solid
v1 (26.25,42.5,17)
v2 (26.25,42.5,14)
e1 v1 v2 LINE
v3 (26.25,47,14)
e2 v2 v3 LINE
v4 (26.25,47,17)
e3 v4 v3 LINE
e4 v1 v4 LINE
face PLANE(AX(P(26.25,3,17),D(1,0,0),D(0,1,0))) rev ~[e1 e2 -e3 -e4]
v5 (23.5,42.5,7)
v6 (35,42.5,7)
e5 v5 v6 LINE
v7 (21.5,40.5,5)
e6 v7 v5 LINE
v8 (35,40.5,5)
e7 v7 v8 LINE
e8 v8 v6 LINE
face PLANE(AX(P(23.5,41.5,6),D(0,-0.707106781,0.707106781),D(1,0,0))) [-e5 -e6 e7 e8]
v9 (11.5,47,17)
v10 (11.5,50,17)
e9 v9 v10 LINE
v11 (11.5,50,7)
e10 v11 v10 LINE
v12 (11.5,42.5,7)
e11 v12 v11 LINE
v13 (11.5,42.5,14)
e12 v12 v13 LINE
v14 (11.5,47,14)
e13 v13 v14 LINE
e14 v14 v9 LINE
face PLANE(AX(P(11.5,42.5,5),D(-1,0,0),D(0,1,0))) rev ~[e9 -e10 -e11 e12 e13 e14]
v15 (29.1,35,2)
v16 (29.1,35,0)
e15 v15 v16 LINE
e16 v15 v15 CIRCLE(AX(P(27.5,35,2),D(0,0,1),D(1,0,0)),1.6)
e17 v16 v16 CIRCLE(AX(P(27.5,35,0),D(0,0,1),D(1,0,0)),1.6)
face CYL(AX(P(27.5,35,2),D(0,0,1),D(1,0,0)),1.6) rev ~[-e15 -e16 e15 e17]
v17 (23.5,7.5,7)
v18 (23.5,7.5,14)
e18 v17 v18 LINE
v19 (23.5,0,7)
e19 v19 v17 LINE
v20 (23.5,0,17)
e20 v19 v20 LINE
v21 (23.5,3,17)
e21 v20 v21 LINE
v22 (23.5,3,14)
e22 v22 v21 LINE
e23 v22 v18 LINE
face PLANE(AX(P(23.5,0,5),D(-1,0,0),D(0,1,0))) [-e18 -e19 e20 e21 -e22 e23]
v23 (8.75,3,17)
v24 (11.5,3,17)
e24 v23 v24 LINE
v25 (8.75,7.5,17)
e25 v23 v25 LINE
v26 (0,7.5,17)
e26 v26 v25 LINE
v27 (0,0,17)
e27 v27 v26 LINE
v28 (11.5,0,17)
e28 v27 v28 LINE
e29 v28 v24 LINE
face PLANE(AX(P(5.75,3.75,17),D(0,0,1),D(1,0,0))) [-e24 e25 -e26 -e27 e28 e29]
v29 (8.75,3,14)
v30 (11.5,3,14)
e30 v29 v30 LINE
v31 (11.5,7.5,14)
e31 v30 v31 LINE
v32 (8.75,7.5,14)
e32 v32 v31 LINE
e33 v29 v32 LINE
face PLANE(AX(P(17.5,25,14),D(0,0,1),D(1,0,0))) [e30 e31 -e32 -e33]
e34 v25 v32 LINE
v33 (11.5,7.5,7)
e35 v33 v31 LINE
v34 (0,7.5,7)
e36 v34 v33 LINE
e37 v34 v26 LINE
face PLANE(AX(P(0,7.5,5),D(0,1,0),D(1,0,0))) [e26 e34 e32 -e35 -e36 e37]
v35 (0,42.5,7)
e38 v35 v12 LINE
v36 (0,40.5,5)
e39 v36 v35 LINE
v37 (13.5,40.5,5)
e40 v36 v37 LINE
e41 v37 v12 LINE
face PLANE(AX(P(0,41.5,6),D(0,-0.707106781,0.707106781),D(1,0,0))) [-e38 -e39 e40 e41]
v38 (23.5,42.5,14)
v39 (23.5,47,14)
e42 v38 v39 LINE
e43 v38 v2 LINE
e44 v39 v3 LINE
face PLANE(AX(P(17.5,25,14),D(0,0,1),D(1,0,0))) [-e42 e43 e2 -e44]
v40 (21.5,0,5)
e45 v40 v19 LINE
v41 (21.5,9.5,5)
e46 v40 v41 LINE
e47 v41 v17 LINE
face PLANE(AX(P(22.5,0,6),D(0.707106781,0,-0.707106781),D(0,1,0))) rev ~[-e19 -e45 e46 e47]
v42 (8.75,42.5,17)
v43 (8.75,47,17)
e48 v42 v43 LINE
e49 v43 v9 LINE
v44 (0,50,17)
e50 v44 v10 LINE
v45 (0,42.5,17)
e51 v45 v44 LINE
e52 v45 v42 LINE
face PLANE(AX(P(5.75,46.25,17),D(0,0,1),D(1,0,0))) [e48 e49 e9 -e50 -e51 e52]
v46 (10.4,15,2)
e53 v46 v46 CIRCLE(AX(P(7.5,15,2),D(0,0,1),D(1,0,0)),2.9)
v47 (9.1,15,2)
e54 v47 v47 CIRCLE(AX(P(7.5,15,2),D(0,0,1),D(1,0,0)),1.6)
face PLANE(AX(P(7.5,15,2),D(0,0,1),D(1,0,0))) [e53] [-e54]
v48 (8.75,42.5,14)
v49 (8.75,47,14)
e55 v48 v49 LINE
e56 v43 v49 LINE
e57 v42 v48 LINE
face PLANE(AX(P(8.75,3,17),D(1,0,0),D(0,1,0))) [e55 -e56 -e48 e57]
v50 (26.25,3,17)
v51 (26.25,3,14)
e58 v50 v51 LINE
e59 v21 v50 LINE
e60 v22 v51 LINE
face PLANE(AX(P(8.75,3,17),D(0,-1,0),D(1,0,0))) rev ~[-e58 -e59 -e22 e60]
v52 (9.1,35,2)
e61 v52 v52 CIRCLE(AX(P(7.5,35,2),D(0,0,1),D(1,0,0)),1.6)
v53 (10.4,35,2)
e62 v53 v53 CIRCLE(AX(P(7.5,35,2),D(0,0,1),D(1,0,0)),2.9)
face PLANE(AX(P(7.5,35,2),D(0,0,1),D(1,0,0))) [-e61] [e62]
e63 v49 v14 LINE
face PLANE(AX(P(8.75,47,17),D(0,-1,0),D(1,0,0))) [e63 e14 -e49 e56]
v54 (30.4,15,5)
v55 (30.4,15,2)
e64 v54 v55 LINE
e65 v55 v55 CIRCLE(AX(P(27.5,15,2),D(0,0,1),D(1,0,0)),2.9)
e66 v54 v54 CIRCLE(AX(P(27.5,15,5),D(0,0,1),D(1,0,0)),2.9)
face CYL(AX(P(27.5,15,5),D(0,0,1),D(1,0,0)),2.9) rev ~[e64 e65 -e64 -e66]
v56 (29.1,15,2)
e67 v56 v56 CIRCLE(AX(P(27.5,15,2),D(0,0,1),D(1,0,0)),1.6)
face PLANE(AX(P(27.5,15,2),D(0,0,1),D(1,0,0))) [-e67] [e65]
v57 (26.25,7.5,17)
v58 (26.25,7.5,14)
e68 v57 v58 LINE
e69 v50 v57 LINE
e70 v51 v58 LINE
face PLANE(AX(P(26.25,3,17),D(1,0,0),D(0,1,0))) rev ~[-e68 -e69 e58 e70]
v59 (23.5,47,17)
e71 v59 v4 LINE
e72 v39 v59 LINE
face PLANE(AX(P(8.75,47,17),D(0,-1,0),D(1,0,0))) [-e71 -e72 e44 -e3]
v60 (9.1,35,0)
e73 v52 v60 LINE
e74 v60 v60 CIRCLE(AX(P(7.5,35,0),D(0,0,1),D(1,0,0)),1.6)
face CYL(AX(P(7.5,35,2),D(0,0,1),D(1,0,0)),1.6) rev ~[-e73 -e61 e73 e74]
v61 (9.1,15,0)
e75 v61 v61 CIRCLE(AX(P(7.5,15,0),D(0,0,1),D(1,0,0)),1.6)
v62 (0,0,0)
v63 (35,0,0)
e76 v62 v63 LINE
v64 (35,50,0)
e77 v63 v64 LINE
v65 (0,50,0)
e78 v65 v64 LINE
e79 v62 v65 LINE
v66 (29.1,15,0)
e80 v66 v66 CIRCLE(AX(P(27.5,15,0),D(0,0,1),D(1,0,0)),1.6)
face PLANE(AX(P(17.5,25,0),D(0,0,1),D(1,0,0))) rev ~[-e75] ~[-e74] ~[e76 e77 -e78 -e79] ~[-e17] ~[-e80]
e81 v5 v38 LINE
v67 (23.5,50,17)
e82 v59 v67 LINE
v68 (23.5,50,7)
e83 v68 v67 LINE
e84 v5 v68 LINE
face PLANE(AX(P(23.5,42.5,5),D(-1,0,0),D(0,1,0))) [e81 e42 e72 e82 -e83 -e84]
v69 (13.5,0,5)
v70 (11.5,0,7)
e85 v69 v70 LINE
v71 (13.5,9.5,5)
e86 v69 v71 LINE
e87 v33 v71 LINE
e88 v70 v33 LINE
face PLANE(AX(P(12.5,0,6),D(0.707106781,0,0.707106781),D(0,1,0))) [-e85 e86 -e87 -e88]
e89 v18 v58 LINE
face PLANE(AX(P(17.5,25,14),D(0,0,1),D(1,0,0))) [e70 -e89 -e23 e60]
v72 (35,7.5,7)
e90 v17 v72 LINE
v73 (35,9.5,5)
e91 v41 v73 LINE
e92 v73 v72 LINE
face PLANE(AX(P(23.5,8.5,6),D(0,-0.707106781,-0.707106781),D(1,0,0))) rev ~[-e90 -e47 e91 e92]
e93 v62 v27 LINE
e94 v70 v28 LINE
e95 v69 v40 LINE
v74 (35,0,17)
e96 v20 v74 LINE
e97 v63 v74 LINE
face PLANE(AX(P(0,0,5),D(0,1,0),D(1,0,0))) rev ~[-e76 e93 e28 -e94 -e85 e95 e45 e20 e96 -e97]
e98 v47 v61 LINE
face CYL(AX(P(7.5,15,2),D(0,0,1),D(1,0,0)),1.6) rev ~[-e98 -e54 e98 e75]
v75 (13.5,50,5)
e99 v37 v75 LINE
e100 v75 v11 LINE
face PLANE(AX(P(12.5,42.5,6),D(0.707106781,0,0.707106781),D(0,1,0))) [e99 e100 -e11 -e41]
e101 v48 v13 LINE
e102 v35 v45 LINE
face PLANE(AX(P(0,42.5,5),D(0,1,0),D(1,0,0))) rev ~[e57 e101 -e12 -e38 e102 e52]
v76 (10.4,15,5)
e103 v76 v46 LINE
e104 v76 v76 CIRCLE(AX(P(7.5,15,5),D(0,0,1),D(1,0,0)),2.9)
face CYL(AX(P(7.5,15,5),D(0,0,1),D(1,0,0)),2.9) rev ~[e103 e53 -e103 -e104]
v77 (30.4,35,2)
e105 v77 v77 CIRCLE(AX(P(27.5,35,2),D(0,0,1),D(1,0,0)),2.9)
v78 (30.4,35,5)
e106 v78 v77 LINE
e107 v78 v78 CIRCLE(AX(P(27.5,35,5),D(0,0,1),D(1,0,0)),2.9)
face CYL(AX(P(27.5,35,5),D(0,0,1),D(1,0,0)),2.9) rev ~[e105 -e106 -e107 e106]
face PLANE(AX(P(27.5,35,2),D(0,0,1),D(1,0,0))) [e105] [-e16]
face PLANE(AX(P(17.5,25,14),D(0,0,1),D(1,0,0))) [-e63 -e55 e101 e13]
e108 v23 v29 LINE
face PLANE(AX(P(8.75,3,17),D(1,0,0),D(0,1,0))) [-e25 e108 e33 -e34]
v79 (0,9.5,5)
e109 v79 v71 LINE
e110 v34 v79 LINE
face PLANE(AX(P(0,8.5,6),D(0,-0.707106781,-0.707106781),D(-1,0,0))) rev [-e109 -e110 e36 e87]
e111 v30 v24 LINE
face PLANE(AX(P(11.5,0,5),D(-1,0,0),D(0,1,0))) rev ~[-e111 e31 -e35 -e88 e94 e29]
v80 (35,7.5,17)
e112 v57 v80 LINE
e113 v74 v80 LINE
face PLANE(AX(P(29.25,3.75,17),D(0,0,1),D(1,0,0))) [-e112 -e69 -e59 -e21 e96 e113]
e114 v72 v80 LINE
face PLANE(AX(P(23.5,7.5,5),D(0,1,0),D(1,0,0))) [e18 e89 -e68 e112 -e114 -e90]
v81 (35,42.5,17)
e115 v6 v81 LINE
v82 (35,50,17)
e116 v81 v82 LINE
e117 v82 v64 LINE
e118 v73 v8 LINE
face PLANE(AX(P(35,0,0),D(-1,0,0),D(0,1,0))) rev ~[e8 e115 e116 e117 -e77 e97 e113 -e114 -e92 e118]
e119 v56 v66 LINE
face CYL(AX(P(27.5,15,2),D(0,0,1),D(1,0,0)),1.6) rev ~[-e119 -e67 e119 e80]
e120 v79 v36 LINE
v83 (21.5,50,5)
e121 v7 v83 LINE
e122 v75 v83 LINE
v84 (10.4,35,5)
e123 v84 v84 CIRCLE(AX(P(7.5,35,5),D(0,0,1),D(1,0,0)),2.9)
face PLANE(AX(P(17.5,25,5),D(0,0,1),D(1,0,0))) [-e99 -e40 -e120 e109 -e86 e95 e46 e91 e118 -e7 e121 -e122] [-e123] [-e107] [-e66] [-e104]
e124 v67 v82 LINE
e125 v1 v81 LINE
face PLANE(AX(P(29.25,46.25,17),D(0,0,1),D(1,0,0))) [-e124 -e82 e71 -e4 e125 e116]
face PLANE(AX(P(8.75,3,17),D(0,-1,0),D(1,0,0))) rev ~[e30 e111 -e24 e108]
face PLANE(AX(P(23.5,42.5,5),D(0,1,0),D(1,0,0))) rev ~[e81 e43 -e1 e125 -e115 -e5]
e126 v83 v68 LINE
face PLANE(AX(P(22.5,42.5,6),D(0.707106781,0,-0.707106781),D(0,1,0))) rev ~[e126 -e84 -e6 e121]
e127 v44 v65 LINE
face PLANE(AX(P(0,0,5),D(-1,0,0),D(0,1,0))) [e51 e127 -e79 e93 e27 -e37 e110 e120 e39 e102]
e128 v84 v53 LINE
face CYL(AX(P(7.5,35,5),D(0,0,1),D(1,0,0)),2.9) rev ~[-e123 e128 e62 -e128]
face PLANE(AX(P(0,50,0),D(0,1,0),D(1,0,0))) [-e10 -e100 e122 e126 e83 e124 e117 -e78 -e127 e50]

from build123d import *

# Parameters (mm, degrees)
SKETCH_W        = 35
SKETCH_H        = 50
PAD_DEPTH       = 5
SKETCH004_R     = 2.9
POCKET_DEPTH    = 3
SKETCH005_R     = 1.6
POCKET001_DEPTH = 5
SKETCH006_W     = 11.5
SKETCH006_H     = 7.5
PAD001_DEPTH    = 12
SKETCH007_W     = 17.5
SKETCH007_H     = 44
POCKET002_DEPTH = 3
CHAMFER_SIZE    = 2


with BuildPart() as part:
    # Sketch → Pad (new body)
    with BuildSketch(Plane.XY):
        with Locations((17.5, 25)):
            Rectangle(SKETCH_W, SKETCH_H)
    extrude(amount=PAD_DEPTH)

    # Sketch004 → Pocket (cut)
    with BuildSketch(Plane.XY.offset(5)):
        with Locations((7.5, 15)):
            Circle(SKETCH004_R)
        with Locations((7.5, 35)):
            Circle(SKETCH004_R)
        with Locations((27.5, 15)):
            Circle(SKETCH004_R)
        with Locations((27.5, 35)):
            Circle(SKETCH004_R)
    extrude(amount=-POCKET_DEPTH, mode=Mode.SUBTRACT)

    # Sketch005 → Pocket001 (cut)
    with BuildSketch(Plane.XY.offset(2)):
        with Locations((7.5, 15)):
            Circle(SKETCH005_R)
        with Locations((7.5, 35)):
            Circle(SKETCH005_R)
        with Locations((27.5, 15)):
            Circle(SKETCH005_R)
        with Locations((27.5, 35)):
            Circle(SKETCH005_R)
    extrude(amount=-POCKET001_DEPTH, mode=Mode.SUBTRACT)

    # Sketch006 → Pad001 (new body)
    with BuildSketch(Plane.XY.offset(5)):
        with Locations((5.75, 3.75)):
            Rectangle(SKETCH006_W, SKETCH006_H)
        with Locations((5.75, 46.25)):
            Rectangle(SKETCH006_W, SKETCH006_H)
        with Locations((29.25, 3.75)):
            Rectangle(SKETCH006_W, SKETCH006_H)
        with Locations((29.25, 46.25)):
            Rectangle(SKETCH006_W, SKETCH006_H)
    extrude(amount=PAD001_DEPTH)

    # Sketch007 → Pocket002 (cut)
    with BuildSketch(Plane.XY.offset(17)):
        with Locations((17.5, 25)):
            Rectangle(SKETCH007_W, SKETCH007_H)
    extrude(amount=-POCKET002_DEPTH, mode=Mode.SUBTRACT)

    # Chamfer
    chamfer_edges = [part.edges().sort_by_distance(p)[0] for p in [
        (5.75, 7.5, 5),
        (11.5, 3.75, 5),
        (29.25, 7.5, 5),
        (23.5, 3.75, 5),
        (5.75, 42.5, 5),
        (11.5, 46.25, 5),
        (29.25, 42.5, 5),
        (23.5, 46.25, 5),
    ]]
    chamfer(chamfer_edges, length=CHAMFER_SIZE)


solid = part.part
